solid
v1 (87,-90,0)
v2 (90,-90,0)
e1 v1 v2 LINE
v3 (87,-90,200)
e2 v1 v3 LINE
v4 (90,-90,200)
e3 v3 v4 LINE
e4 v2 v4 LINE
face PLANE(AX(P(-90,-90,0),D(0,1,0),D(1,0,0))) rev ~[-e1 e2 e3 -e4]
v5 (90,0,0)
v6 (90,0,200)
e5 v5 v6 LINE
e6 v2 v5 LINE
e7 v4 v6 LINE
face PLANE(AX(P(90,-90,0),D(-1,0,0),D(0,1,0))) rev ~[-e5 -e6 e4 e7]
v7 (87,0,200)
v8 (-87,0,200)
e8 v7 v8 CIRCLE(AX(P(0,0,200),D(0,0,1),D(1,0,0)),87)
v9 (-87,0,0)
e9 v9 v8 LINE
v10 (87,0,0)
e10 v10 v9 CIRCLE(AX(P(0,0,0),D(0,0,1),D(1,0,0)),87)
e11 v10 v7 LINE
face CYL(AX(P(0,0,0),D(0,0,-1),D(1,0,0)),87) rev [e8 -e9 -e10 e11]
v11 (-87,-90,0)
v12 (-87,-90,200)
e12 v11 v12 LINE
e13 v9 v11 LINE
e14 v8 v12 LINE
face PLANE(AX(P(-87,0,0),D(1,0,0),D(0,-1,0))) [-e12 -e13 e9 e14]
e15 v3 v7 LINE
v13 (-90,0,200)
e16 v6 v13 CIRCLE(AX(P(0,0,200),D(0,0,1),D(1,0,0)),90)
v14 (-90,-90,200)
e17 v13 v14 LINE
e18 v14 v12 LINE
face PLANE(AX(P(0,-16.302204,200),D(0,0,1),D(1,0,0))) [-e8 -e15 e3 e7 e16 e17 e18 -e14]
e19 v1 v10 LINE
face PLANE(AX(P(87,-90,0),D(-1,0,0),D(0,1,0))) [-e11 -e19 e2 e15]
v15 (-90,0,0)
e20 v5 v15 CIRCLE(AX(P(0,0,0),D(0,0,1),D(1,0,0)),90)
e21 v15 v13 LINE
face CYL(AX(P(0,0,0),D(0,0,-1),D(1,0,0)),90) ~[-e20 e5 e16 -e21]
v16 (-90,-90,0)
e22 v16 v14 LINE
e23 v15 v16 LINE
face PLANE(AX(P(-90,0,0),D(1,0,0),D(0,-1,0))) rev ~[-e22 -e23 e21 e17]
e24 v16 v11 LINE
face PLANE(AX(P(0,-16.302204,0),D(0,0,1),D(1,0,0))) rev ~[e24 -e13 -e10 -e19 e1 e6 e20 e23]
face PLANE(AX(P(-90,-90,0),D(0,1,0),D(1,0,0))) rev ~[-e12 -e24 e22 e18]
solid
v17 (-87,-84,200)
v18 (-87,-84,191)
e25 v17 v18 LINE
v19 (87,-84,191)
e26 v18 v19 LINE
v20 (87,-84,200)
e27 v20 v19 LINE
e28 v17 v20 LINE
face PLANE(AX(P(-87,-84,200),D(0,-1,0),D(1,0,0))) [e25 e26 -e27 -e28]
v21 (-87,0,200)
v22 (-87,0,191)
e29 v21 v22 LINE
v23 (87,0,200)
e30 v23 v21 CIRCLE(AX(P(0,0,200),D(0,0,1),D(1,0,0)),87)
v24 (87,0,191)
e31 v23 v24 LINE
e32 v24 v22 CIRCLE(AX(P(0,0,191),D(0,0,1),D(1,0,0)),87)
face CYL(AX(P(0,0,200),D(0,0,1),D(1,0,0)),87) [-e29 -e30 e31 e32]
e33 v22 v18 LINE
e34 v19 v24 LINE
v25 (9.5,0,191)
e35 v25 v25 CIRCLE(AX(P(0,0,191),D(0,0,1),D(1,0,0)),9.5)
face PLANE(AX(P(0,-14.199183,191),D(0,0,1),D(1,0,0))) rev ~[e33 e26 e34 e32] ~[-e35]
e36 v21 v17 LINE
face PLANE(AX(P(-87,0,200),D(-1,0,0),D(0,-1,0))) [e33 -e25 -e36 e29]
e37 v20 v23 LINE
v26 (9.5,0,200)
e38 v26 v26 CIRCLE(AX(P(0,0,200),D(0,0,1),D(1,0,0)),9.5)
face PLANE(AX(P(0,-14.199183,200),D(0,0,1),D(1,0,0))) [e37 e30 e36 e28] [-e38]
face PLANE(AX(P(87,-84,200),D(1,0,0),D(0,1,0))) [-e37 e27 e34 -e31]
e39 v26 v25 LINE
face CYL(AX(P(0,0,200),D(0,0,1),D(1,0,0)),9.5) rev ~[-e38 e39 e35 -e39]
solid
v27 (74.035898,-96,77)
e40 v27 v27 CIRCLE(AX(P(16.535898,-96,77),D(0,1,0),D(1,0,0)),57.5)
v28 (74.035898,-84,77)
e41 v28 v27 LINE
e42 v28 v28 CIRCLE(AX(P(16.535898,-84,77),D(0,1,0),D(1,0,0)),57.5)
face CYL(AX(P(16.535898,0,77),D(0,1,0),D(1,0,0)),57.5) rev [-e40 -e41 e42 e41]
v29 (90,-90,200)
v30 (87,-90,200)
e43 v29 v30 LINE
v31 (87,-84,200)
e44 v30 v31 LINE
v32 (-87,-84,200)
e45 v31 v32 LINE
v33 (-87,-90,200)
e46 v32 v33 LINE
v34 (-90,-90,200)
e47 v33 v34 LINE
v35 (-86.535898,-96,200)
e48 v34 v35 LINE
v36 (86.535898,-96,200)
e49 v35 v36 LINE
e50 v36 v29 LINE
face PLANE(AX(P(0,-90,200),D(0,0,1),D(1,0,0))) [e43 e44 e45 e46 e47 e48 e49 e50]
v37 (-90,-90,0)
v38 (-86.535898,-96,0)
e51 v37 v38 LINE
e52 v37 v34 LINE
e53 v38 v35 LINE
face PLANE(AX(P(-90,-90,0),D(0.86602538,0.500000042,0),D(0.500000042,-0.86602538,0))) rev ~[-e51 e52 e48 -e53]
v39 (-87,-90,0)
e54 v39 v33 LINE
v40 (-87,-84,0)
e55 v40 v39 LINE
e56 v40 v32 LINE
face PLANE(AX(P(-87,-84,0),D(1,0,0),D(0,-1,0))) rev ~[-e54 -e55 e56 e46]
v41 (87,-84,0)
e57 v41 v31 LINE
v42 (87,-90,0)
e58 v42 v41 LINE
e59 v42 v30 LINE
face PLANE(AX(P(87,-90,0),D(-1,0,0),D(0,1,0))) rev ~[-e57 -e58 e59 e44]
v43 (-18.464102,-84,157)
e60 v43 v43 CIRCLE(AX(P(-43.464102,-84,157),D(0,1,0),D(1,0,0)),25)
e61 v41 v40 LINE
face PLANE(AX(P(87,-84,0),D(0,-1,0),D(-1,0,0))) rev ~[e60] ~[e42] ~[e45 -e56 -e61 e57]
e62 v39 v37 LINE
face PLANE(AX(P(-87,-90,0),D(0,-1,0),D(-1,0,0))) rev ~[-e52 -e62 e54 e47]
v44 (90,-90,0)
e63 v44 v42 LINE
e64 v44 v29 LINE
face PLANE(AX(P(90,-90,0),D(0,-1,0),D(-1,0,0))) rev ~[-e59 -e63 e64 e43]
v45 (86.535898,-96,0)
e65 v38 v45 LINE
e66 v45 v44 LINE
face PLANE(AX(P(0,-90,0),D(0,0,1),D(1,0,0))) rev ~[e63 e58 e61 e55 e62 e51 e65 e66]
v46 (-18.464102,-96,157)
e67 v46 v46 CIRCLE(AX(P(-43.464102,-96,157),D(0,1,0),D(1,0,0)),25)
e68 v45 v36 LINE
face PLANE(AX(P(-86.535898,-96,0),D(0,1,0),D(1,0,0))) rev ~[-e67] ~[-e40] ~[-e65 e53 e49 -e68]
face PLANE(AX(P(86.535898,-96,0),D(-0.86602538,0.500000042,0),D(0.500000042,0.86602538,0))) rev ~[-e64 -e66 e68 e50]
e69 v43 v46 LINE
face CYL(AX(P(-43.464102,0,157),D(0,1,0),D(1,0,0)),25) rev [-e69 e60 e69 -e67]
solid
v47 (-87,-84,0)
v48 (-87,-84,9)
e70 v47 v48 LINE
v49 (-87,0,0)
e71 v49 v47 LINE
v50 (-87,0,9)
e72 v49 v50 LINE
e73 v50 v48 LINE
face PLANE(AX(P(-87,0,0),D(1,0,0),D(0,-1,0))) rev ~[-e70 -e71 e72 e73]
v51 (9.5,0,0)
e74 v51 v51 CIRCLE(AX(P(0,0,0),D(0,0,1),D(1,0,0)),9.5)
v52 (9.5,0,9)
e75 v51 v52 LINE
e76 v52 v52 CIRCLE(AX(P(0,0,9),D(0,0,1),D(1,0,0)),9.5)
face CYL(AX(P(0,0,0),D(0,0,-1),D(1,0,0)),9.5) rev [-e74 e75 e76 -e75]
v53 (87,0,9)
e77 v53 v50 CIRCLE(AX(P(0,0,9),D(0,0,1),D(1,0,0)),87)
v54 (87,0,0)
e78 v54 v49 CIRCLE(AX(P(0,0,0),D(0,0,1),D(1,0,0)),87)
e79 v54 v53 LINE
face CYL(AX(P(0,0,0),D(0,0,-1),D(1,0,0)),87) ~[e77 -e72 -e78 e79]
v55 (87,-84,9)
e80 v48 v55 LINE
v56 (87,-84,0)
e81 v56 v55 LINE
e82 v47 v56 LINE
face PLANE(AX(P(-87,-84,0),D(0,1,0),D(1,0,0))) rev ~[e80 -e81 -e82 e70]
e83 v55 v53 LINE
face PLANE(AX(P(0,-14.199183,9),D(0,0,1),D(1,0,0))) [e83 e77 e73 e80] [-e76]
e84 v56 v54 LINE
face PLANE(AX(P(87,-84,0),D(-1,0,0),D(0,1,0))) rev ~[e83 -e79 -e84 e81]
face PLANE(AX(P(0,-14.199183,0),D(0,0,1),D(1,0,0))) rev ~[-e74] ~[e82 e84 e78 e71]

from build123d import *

# Parameters (mm, degrees)
F1_DEPTH  = 200
F2_T      = -3
F4_DEPTH  = 200
F5_R      = 57.5
F5_R_2    = 25
F6_DEPTH  = 96.001
F7_R      = 9.5
F8_DEPTH  = 9
F9_R      = 9.5
F10_DEPTH = 9


with BuildPart() as f1:
    # F0 (on Top) → F1 (new body)
    with BuildSketch(Plane.XY):
        with BuildLine():
            Line((90, -90), (90, 0))
            ThreePointArc((90, 0), (0, 90), (-90, 0))
            Line((-90, 0), (-90, -90))
            Line((-90, -90), (90, -90))
        make_face()
    extrude(amount=F1_DEPTH)

    # F2
    f2_openings = [f1.faces().sort_by_distance(p)[0] for p in [
        (0, -8.401487, 200),
        (0, -90, 100),
        (0, -8.401487, 0),
    ]]
    offset(amount=F2_T, openings=f2_openings)


with BuildPart() as f4:
    # F3 (on Top) → F4 (new body, through all)
    with BuildSketch(Plane.XY):
        Polygon((87, -84), (-87, -84), (-87, -90), (-90, -90), (-86.535898, -96), (86.535898, -96), (90, -90), (87, -90), align=None)
    extrude(amount=F4_DEPTH)

    # F5 (on Front) → F6 (cut, through all)
    with BuildSketch(Plane.XZ):
        with Locations((16.535898, 77)):
            Circle(F5_R)
        with Locations((-43.464102, 157)):
            Circle(F5_R_2)
    extrude(amount=F6_DEPTH, mode=Mode.SUBTRACT)


with BuildPart() as f8:
    # F7 (on face) → F8 (new body)
    with BuildSketch(Plane.XY.offset(200)):
        with BuildLine():
            ThreePointArc((87, 0), (0, 87), (-87, 0))
            Line((-87, 0), (-87, -84))
            Line((-87, -84), (87, -84))
            Line((87, -84), (87, 0))
        make_face()
        Circle(F7_R, mode=Mode.SUBTRACT)
    extrude(amount=-F8_DEPTH)


with BuildPart() as f10:
    # F9 (on Top) → F10 (new body)
    with BuildSketch(Plane.XY):
        with BuildLine():
            Line((-87, -84), (87, -84))
            Line((87, -84), (87, 0))
            ThreePointArc((87, 0), (0, 87), (-87, 0))
            Line((-87, 0), (-87, -84))
        make_face()
        Circle(F9_R, mode=Mode.SUBTRACT)
    extrude(amount=F10_DEPTH)


solid = Compound([f1.part, f4.part, f8.part, f10.part])
